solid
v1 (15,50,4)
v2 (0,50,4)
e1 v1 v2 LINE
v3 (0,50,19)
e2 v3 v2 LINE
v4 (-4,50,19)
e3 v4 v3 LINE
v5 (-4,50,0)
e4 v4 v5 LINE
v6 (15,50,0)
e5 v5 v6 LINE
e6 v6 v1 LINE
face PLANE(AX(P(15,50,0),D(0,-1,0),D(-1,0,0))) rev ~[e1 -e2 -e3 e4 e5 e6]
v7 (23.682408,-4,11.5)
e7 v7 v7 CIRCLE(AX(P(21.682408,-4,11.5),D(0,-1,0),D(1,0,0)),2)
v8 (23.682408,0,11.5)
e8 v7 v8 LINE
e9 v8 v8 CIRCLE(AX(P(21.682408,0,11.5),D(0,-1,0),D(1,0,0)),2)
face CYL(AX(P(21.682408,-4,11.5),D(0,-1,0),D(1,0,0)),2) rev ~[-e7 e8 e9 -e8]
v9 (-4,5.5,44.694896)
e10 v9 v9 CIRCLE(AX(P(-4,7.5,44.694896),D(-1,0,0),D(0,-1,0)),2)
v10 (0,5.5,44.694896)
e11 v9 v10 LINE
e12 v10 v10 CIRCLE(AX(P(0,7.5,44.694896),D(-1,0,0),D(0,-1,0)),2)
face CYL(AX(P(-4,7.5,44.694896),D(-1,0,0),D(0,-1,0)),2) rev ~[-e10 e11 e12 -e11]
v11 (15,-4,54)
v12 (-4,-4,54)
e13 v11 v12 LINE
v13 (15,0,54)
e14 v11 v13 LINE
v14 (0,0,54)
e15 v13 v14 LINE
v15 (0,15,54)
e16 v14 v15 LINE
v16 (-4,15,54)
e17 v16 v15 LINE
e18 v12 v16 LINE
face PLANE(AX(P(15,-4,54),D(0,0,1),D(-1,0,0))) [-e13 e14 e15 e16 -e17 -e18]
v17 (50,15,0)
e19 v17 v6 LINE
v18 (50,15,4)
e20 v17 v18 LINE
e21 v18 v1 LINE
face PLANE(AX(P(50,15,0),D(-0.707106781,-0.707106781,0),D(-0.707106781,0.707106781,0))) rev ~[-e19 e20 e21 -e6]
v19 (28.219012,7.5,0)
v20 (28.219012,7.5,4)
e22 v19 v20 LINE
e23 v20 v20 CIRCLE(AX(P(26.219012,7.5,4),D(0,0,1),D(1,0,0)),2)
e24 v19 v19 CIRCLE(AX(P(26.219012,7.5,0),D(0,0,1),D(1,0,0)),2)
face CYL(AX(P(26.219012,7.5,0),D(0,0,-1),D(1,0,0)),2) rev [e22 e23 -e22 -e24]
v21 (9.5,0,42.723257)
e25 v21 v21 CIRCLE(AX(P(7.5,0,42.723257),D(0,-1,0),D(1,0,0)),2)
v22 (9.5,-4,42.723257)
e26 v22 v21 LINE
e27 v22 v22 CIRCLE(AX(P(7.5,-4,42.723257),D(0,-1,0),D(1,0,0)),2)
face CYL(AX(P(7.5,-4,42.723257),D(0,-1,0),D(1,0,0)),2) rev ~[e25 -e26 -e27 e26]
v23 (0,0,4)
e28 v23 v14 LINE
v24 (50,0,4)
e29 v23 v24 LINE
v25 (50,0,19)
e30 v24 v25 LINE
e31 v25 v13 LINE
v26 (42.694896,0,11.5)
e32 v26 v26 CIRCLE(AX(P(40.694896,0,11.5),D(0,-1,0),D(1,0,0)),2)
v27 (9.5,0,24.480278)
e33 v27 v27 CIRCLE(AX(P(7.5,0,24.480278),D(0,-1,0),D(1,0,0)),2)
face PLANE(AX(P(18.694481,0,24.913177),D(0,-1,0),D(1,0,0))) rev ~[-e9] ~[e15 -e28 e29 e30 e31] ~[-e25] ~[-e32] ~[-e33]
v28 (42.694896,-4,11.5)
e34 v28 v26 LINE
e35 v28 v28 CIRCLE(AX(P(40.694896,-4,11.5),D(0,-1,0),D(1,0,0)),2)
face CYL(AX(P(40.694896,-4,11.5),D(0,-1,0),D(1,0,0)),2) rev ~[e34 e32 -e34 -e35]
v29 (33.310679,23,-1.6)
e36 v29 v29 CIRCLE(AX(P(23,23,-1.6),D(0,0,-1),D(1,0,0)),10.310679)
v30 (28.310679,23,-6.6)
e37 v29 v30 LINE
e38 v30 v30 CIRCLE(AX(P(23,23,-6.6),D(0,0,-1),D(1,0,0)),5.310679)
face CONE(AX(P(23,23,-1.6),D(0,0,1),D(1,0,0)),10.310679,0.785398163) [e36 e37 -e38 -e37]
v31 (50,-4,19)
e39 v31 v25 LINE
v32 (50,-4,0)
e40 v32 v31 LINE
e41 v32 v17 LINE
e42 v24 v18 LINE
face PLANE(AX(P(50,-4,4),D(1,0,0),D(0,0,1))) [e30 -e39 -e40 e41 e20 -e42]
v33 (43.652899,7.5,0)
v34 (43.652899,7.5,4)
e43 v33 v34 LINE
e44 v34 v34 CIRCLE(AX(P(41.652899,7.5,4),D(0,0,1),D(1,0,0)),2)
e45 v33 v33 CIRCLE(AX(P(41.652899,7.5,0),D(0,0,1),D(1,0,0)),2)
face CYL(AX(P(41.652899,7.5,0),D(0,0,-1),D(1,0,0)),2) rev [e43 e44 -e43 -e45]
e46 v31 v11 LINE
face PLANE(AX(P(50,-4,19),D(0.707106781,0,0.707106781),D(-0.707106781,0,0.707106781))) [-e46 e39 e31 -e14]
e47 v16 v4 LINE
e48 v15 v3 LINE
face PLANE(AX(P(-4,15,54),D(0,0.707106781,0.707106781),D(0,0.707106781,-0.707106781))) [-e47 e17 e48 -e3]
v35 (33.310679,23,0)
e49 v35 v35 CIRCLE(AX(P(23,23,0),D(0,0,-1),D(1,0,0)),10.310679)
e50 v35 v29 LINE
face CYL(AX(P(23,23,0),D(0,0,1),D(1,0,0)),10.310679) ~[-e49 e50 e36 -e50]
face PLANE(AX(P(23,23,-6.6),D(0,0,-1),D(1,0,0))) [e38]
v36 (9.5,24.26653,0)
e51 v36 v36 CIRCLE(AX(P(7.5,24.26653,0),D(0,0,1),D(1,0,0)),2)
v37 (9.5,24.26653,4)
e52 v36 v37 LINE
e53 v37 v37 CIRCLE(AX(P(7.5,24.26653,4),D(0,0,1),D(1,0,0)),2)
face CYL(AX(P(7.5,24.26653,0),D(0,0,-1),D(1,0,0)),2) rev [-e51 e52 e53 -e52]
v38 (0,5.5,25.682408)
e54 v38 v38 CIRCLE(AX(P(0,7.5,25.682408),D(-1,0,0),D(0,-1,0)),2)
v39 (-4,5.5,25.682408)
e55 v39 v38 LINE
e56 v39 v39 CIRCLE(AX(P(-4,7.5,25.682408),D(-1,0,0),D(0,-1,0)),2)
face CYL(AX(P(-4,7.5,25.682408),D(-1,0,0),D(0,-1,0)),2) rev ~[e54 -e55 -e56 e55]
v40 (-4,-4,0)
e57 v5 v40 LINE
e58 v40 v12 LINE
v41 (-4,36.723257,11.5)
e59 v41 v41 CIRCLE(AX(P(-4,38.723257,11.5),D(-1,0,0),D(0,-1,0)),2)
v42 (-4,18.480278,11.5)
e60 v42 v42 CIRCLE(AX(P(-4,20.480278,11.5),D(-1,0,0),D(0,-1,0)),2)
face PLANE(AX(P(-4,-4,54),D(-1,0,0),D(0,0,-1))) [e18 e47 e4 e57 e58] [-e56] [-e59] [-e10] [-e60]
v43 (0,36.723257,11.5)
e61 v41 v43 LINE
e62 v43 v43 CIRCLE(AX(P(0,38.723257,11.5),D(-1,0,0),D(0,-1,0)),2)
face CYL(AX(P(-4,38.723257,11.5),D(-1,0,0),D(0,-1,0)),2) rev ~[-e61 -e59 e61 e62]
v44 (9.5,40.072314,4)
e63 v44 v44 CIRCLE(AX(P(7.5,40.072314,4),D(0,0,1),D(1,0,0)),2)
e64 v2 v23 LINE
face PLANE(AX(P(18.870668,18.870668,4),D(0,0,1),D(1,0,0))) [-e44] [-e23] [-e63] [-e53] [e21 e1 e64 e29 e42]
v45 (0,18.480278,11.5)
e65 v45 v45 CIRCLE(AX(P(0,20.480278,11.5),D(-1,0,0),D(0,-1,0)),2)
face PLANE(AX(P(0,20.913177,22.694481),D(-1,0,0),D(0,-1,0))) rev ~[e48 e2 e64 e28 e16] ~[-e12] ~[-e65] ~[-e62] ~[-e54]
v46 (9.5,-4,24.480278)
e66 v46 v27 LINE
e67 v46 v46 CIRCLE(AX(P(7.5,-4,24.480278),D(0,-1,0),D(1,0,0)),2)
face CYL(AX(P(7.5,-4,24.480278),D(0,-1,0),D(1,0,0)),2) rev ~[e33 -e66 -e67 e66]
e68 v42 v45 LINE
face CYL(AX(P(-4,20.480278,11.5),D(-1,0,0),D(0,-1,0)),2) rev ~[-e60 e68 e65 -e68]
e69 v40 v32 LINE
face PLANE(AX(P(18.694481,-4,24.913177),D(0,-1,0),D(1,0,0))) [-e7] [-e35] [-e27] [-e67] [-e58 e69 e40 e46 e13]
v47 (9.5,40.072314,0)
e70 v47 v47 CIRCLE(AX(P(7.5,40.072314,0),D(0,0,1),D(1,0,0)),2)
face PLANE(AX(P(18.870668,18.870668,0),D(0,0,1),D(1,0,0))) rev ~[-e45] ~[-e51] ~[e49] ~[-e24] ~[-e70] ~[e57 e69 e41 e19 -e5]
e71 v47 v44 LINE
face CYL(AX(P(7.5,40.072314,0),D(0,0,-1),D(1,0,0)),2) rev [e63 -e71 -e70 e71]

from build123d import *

# Parameters (mm, degrees)
F0_R     = 2
F1_DEPTH = 4
F2_R     = 2
F3_DEPTH = 4
F4_R     = 2
F5_DEPTH = 4
F6_R     = 10.310679
F7_DEPTH = 6.6
F8_SIZE  = 5


with BuildPart() as f1:
    # F0 (on Top) → F1 (new body)
    with BuildSketch(Plane.XY):
        Polygon((15, 50), (0, 50), (-4, 50), (-4, 0), (-4, -4), (50, -4), (50, 0), (50, 15), align=None)
        with Locations((26.219012, 7.5)):
            Circle(F0_R, mode=Mode.SUBTRACT)
        with Locations((41.652899, 7.5)):
            Circle(F0_R, mode=Mode.SUBTRACT)
        with Locations((7.5, 24.26653)):
            Circle(F0_R, mode=Mode.SUBTRACT)
        with Locations((7.5, 40.072314)):
            Circle(F0_R, mode=Mode.SUBTRACT)
    extrude(amount=F1_DEPTH)

    # F2 (on face) → F3 (join)
    with BuildSketch(Plane.XZ.offset(4)):
        Polygon((-4, 54), (-4, 4), (50, 4), (50, 19), (15, 54), align=None)
        with Locations((21.682408, 11.5)):
            Circle(F2_R, mode=Mode.SUBTRACT)
        with Locations((7.5, 24.480278)):
            Circle(F2_R, mode=Mode.SUBTRACT)
        with Locations((40.694896, 11.5)):
            Circle(F2_R, mode=Mode.SUBTRACT)
        with Locations((7.5, 42.723257)):
            Circle(F2_R, mode=Mode.SUBTRACT)
    extrude(amount=-F3_DEPTH)

    # F4 (on face) → F5 (join)
    with BuildSketch(Plane(origin=(-4, 0, 0), x_dir=(0, -1, 0), z_dir=(-1, 0, 0))):
        Polygon((-50, 0), (0, 0), (0, 54), (-15, 54), (-50, 19), align=None)
        with Locations((-38.723257, 11.5)):
            Circle(F4_R, mode=Mode.SUBTRACT)
        with Locations((-20.480278, 11.5)):
            Circle(F4_R, mode=Mode.SUBTRACT)
        with Locations((-7.5, 25.682408)):
            Circle(F4_R, mode=Mode.SUBTRACT)
        with Locations((-7.5, 44.694896)):
            Circle(F4_R, mode=Mode.SUBTRACT)
    extrude(amount=-F5_DEPTH)

    # F6 (on face) → F7 (join)
    with BuildSketch(Plane(origin=(0, 0, 0), x_dir=(1, 0, 0), z_dir=(0, 0, -1))):
        with Locations((23, -23)):
            Circle(F6_R)
    extrude(amount=F7_DEPTH)

    # F8
    f8_edges = [f1.edges().sort_by_distance(p)[0] for p in [
        (12.689321, 23, -6.6),
    ]]
    chamfer(f8_edges, length=F8_SIZE)


solid = f1.part
